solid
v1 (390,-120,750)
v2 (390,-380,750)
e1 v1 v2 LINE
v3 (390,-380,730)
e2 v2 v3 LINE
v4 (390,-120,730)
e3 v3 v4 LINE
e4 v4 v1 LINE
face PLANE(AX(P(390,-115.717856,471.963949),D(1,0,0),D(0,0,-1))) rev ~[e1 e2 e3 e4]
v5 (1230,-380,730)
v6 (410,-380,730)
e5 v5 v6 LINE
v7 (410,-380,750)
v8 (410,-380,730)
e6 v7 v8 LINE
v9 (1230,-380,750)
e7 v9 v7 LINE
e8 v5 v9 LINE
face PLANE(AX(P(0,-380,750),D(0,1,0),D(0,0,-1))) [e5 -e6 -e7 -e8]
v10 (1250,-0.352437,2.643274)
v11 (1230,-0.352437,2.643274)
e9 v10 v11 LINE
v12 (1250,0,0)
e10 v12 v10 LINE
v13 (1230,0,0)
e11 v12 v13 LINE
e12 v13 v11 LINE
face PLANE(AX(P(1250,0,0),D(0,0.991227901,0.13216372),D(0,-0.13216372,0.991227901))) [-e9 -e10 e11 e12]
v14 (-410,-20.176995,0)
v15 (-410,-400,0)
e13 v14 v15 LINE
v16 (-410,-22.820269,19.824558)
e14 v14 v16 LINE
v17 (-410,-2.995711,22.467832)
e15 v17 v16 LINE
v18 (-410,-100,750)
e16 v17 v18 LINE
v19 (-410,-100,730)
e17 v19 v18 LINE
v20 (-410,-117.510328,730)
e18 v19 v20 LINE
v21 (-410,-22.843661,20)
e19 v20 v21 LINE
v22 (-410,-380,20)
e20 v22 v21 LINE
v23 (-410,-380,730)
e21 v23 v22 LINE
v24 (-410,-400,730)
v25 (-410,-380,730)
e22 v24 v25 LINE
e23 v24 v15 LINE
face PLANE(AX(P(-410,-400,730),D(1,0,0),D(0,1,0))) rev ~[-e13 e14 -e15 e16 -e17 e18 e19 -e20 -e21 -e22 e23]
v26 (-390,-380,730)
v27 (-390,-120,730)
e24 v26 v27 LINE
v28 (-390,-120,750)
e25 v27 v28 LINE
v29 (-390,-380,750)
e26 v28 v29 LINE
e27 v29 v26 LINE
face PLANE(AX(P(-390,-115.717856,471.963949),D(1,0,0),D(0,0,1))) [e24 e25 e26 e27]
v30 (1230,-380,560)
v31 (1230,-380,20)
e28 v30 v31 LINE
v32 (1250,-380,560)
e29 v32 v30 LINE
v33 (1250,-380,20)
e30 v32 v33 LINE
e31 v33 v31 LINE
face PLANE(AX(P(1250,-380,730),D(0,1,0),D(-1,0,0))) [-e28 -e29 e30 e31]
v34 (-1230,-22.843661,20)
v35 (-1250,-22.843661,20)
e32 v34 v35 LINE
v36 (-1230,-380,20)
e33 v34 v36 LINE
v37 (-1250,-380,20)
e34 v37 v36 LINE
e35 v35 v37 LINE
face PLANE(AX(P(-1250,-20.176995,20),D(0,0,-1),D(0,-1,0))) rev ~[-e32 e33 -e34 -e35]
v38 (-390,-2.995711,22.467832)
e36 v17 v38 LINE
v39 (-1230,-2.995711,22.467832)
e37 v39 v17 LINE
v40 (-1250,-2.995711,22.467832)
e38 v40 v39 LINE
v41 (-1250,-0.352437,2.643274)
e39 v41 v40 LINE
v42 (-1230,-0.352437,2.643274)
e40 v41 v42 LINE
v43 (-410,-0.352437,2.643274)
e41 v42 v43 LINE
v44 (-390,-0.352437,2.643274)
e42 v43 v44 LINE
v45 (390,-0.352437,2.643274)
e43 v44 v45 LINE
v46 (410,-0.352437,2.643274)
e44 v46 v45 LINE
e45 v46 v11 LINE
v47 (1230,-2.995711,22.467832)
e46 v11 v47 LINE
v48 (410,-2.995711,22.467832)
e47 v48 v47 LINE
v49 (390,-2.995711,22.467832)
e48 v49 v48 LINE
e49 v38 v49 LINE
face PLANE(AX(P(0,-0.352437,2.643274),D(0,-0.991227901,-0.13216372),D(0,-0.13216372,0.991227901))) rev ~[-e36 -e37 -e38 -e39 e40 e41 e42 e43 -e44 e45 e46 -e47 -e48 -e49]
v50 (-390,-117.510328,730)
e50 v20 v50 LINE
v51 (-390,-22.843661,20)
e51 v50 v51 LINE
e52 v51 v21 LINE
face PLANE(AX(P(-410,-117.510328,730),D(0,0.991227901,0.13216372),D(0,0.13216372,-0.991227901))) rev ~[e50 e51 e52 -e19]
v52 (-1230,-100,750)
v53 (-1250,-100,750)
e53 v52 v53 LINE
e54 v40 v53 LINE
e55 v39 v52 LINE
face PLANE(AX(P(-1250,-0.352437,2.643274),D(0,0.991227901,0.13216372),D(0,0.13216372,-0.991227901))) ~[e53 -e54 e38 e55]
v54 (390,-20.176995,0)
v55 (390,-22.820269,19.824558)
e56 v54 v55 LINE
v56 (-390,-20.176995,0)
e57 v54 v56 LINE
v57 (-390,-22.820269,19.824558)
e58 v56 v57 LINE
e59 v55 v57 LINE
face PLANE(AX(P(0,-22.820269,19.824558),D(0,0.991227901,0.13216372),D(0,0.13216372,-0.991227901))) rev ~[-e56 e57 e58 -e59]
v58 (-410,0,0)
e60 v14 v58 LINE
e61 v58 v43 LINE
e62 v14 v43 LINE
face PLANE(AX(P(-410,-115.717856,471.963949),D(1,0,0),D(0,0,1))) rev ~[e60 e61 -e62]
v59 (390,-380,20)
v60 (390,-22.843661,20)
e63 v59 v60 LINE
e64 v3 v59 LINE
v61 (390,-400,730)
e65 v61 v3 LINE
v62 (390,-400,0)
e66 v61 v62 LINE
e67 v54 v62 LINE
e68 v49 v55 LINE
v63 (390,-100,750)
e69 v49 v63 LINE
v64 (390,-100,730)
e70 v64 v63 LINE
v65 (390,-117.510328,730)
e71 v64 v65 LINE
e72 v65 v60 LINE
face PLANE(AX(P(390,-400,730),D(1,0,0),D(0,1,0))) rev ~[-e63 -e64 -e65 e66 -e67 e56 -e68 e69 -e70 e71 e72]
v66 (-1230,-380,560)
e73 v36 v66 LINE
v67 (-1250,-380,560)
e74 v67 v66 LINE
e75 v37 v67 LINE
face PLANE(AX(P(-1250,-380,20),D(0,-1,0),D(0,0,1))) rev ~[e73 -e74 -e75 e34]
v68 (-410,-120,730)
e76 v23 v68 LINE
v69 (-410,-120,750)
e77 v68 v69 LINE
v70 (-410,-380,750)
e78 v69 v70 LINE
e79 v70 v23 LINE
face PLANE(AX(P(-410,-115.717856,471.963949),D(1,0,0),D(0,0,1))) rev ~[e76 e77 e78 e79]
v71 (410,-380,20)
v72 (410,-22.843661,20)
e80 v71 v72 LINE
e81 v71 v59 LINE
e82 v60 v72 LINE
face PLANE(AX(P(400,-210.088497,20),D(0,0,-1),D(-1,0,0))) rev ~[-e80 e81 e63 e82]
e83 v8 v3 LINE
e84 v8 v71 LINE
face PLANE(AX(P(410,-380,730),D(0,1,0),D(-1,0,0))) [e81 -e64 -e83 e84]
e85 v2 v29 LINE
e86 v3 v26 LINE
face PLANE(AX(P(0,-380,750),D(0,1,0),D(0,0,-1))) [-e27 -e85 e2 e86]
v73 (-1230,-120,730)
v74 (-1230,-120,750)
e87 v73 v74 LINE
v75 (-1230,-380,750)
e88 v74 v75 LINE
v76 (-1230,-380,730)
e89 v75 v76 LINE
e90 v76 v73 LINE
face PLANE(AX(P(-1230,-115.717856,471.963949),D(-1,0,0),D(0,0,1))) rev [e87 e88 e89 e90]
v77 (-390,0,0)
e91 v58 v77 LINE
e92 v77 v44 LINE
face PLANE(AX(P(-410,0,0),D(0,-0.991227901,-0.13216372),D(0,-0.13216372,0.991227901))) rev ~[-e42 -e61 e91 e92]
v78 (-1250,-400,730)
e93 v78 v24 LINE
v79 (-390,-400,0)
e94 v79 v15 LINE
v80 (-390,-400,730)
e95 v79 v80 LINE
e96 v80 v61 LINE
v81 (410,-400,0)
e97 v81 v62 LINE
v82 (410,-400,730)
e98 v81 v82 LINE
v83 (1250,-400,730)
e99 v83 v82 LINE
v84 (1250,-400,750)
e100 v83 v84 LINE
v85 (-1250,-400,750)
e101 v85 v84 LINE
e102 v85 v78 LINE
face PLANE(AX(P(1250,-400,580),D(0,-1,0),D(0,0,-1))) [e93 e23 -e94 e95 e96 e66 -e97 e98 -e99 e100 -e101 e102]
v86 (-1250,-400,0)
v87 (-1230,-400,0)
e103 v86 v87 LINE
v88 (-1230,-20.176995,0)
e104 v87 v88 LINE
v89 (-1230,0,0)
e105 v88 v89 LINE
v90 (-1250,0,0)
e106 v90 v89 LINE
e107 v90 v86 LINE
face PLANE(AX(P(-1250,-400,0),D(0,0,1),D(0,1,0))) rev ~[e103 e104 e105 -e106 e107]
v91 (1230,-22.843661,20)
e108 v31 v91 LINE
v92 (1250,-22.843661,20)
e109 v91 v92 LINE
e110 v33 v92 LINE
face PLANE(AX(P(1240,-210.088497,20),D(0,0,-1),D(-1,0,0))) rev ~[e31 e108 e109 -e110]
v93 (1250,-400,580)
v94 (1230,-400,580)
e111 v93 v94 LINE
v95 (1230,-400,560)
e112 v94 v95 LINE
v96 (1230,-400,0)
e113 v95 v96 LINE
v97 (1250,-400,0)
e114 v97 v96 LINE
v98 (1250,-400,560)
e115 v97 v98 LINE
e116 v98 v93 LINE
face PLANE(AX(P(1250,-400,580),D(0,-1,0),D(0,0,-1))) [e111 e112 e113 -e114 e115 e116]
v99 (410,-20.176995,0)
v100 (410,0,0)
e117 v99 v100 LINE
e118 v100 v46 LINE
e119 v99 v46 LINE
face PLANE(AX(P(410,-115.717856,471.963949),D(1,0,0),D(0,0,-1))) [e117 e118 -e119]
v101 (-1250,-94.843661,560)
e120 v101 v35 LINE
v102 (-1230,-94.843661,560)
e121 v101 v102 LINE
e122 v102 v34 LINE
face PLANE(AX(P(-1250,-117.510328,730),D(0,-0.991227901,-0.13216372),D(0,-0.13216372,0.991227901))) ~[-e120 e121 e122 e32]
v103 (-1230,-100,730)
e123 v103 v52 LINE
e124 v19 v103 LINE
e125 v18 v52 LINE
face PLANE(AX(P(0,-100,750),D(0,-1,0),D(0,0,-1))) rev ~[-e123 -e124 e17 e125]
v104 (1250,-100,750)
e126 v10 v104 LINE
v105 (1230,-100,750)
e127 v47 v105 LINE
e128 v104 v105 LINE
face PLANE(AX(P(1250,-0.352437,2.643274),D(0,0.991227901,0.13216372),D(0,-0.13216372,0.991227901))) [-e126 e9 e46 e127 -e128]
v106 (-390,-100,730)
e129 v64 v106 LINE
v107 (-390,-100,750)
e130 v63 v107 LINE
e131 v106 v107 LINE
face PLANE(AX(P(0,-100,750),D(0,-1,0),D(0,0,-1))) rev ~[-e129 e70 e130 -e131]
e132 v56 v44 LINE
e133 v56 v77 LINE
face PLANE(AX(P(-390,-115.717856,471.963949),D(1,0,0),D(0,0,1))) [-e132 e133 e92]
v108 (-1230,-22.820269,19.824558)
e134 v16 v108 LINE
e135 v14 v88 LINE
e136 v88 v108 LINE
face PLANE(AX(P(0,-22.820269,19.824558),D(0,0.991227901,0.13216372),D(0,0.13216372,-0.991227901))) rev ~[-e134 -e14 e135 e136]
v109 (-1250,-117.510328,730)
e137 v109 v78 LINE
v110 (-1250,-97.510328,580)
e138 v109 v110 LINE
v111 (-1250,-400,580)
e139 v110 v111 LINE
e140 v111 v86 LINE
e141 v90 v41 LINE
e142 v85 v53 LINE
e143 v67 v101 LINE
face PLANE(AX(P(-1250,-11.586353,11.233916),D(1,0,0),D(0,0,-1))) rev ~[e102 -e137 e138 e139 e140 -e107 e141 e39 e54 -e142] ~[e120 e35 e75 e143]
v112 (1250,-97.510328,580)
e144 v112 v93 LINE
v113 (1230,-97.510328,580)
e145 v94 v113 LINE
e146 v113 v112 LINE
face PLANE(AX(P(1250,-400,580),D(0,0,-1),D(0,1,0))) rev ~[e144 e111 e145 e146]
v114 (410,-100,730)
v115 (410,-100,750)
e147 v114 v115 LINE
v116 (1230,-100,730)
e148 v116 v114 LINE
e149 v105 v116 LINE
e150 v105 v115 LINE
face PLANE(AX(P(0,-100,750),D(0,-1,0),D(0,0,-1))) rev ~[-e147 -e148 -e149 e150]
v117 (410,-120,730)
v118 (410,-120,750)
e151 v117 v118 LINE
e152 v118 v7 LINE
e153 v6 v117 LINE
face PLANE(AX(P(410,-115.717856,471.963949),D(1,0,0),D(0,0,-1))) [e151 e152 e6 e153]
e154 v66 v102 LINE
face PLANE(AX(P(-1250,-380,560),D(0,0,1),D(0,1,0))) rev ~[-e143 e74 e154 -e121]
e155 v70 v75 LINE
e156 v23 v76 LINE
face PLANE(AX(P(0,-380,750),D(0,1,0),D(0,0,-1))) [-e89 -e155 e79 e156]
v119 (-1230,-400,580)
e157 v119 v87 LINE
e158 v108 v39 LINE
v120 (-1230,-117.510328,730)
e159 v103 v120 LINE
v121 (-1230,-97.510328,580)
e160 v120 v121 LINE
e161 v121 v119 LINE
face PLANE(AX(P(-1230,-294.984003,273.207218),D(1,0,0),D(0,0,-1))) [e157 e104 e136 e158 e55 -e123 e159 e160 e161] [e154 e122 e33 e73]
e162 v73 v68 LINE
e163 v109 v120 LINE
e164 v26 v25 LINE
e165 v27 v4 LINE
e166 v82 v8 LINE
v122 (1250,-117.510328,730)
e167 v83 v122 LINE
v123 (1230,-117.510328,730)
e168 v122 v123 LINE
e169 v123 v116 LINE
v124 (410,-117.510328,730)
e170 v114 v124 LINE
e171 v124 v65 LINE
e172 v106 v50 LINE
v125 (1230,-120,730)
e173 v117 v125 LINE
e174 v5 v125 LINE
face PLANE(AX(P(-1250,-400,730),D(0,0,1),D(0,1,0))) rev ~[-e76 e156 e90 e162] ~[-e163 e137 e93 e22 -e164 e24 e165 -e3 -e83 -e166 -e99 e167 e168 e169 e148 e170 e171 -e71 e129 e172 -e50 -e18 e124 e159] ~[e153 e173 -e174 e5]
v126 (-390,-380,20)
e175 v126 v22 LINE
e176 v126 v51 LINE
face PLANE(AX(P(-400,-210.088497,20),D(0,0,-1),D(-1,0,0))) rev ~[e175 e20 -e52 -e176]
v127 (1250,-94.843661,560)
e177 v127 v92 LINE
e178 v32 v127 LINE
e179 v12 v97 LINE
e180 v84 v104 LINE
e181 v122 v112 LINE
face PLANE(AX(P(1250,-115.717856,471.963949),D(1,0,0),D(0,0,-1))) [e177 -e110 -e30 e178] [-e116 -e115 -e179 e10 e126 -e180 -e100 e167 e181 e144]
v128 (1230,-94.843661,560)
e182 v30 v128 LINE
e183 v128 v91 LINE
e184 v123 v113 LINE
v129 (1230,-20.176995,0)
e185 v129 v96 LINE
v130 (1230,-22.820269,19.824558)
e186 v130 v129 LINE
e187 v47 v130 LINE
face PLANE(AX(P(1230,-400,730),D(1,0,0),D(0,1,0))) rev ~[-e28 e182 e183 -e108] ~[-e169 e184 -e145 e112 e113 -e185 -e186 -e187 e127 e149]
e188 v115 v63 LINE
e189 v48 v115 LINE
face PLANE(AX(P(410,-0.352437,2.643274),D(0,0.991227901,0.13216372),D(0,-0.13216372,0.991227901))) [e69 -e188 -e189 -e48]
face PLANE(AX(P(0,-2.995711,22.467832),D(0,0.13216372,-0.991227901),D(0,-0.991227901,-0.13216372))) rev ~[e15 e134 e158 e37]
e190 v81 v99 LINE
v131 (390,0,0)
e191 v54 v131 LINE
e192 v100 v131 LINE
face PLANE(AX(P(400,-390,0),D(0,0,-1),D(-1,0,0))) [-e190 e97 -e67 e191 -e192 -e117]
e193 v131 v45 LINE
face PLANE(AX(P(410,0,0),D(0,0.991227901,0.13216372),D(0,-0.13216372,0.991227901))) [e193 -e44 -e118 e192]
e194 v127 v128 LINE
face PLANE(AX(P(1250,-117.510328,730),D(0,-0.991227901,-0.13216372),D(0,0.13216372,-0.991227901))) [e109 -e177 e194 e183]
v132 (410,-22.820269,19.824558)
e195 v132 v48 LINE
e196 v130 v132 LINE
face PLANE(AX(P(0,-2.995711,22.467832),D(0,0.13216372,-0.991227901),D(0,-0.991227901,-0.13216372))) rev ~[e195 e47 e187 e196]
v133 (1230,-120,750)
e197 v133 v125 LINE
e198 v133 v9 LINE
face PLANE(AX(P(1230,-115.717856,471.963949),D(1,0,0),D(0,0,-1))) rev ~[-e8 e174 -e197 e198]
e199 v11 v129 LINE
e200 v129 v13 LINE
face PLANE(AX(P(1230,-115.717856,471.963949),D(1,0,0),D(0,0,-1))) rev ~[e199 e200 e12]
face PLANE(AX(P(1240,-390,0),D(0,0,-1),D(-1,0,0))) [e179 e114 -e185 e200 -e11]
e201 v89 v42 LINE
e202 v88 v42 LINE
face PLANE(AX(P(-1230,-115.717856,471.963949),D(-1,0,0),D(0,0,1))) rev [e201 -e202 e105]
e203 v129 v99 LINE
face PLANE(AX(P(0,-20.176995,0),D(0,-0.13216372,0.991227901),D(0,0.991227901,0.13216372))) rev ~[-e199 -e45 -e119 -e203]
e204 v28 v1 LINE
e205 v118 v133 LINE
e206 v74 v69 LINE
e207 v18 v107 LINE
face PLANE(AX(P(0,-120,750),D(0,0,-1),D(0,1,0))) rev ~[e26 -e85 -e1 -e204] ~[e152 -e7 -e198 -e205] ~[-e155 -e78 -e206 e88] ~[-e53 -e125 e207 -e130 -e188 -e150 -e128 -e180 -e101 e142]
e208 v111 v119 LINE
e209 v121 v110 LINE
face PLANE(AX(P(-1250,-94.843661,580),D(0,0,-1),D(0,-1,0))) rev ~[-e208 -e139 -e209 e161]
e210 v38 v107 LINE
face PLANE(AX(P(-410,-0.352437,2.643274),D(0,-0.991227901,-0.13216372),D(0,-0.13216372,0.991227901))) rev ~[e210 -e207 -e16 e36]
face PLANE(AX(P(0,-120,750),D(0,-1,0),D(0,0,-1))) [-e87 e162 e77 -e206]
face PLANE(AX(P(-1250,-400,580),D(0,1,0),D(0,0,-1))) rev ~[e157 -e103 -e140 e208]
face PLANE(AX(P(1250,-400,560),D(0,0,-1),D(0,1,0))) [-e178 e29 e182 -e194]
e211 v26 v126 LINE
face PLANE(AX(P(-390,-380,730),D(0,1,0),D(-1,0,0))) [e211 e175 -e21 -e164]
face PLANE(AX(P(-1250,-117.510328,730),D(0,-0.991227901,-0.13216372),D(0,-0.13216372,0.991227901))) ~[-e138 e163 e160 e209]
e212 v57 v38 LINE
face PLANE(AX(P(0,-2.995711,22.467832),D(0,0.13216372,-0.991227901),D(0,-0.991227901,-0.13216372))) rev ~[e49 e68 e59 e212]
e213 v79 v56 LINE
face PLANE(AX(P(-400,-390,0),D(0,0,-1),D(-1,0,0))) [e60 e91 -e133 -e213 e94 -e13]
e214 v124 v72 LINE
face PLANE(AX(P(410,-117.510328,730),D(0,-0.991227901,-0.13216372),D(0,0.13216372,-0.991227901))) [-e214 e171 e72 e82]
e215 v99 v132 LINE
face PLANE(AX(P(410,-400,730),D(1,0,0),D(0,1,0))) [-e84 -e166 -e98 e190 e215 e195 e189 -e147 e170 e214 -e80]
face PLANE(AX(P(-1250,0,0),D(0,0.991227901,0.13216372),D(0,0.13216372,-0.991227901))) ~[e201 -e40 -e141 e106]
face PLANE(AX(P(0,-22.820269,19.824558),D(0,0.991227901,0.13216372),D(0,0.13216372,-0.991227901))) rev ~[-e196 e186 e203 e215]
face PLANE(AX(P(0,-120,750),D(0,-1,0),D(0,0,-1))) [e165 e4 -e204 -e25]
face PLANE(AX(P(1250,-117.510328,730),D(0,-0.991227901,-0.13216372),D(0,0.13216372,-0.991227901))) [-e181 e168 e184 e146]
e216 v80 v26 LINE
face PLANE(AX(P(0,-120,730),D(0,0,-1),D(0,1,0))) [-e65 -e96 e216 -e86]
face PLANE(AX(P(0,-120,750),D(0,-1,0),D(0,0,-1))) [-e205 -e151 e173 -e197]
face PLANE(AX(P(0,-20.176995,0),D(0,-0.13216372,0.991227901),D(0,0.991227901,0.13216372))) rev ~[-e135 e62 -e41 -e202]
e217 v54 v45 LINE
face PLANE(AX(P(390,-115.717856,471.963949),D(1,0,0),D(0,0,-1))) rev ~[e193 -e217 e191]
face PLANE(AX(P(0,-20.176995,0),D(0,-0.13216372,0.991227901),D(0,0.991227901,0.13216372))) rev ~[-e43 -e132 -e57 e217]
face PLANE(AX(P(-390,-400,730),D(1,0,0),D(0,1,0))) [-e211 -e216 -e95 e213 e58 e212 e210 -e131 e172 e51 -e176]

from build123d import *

# Parameters (mm, degrees)
BOSS_EXTRUDE2_START  = 1250
BOSS_EXTRUDE2_DEPTH  = 20
SKETCH3_W            = 20
SKETCH3_H            = 20
BOSS_EXTRUDE3_DEPTH  = 1250
LPATTERN1_COUNT      = 2
LPATTERN1_PITCH      = 840
MIRROR1_START        = 1250
MIRROR1_COPY_1_DEPTH = 20
SKETCH6_W            = 20
SKETCH6_H            = 20
BOSS_EXTRUDE7_DEPTH  = 730
SKETCH7_W            = 20
SKETCH7_H            = 379.823005399
BOSS_EXTRUDE8_DEPTH  = 20
CUT_EXTRUDE2_DEPTH   = 20
SKETCH10_W           = 20
SKETCH10_H           = 305.156338733
BOSS_EXTRUDE9_DEPTH  = 20
SKETCH11_W           = 150
SKETCH11_H           = 20
CUT_EXTRUDE3_DEPTH   = 20
BOSS_EXTRUDE10_DEPTH = 20


with BuildPart() as part:
    # Sketch2 → Boss-Extrude2 (new body)
    with BuildSketch(Plane(origin=(0, 0, 0), x_dir=(0, 0, -1), z_dir=(1, 0, 0)).offset(BOSS_EXTRUDE2_START)):
        Polygon((-2.643274402, -0.352436587), (-750, -100), (-750, -400), (-730, -400), (-730, -117.510327934), (0, -20.176994601), (0, 0), align=None)
    boss_extrude2 = extrude(amount=-BOSS_EXTRUDE2_DEPTH)

    # Sketch3 → Boss-Extrude3 (add, symmetric)
    with BuildSketch(Plane(origin=(0, 0, 0), x_dir=(0, 0, -1), z_dir=(1, 0, 0))):
        Polygon((0, -20.176994601), (-2.643274402, -0.352436587), (-22.467832415, -2.995710989), (-19.824558014, -22.820269002), align=None)
        with Locations((-740, -390)):
            Rectangle(SKETCH3_W, SKETCH3_H)
        with Locations((-740, -110)):
            Rectangle(SKETCH3_W, SKETCH3_H)
    extrude(amount=BOSS_EXTRUDE3_DEPTH, both=True)

    # LPattern1: Boss-Extrude2 ×2
    with Locations(*[(-i * LPATTERN1_PITCH, 0, 0) for i in range(1, LPATTERN1_COUNT)]):
        add(boss_extrude2)

    # Mirror1: Boss-Extrude2 across plane
    add(boss_extrude2.mirror(Plane(origin=(0, 0, 0), x_dir=(0, 0, 1), z_dir=(1, 0, 0))))

    # Mirror1 copy 1 sketch → Mirror1 copy 1 (add)
    with BuildSketch(Plane(origin=(840, 0, 0), x_dir=(0, 0, -1), z_dir=(-1, 0, 0)).offset(MIRROR1_START)):
        Polygon((-2.643274402, 0.352436587), (-750, 100), (-750, 400), (-730, 400), (-730, 117.510327934), (0, 20.176994601), (0, 0), align=None)
    extrude(amount=-MIRROR1_COPY_1_DEPTH)

    # Sketch6 → Boss-Extrude7 (add, through all)
    with BuildSketch(Plane(origin=(0, 0, 730), x_dir=(-1, 0, 0), z_dir=(0, 0, -1))):
        with Locations((-400, -390)):
            Rectangle(SKETCH6_W, SKETCH6_H)
        with Locations((400, -390)):
            Rectangle(SKETCH6_W, SKETCH6_H)
        with Locations((-1240, -390)):
            Rectangle(SKETCH6_W, SKETCH6_H)
        with Locations((1240, -390)):
            Rectangle(SKETCH6_W, SKETCH6_H)
    extrude(amount=BOSS_EXTRUDE7_DEPTH)

    # Sketch7 → Boss-Extrude8 (add)
    with BuildSketch(Plane(origin=(0, 0, 0), x_dir=(-1, 0, 0), z_dir=(0, 0, -1))):
        with Locations((-1240, -210.0884973)):
            Rectangle(SKETCH7_W, SKETCH7_H)
        with Locations((-400, -210.0884973)):
            Rectangle(SKETCH7_W, SKETCH7_H)
        with Locations((400, -210.0884973)):
            Rectangle(SKETCH7_W, SKETCH7_H)
        with Locations((1240, -210.0884973)):
            Rectangle(SKETCH7_W, SKETCH7_H)
    extrude(amount=-BOSS_EXTRUDE8_DEPTH)

    # Sketch9 → Cut-Extrude2 (cut)
    with BuildSketch(Plane.ZY.offset(1250)):
        Polygon((0, -400), (730, -400), (730, -117.510327934), (20, -22.843661267), (0, -20.176994601), align=None)
    extrude(amount=-CUT_EXTRUDE2_DEPTH, mode=Mode.SUBTRACT)

    # Sketch10 → Boss-Extrude9 (add)
    with BuildSketch(Plane(origin=(1250, 0, 0), x_dir=(0, 0, -1), z_dir=(1, 0, 0))):
        with Locations((-570, -247.421830634)):
            Rectangle(SKETCH10_W, SKETCH10_H)
    extrude(amount=-BOSS_EXTRUDE9_DEPTH)

    # Sketch11 → Cut-Extrude3 (cut)
    with BuildSketch(Plane(origin=(1250, 0, 0), x_dir=(0, 0, -1), z_dir=(1, 0, 0))):
        with Locations((-655, -390)):
            Rectangle(SKETCH11_W, SKETCH11_H)
    extrude(amount=-CUT_EXTRUDE3_DEPTH, mode=Mode.SUBTRACT)

    # Sketch12 → Boss-Extrude10 (add)
    with BuildSketch(Plane.ZY.offset(1250)):
        Polygon((0, -20.176994601), (20, -20.176994601), (20, -380), (560, -380), (560, -94.843661267), (580, -94.843661267), (580, -400), (0, -400), align=None)
    extrude(amount=-BOSS_EXTRUDE10_DEPTH)


solid = part.part
